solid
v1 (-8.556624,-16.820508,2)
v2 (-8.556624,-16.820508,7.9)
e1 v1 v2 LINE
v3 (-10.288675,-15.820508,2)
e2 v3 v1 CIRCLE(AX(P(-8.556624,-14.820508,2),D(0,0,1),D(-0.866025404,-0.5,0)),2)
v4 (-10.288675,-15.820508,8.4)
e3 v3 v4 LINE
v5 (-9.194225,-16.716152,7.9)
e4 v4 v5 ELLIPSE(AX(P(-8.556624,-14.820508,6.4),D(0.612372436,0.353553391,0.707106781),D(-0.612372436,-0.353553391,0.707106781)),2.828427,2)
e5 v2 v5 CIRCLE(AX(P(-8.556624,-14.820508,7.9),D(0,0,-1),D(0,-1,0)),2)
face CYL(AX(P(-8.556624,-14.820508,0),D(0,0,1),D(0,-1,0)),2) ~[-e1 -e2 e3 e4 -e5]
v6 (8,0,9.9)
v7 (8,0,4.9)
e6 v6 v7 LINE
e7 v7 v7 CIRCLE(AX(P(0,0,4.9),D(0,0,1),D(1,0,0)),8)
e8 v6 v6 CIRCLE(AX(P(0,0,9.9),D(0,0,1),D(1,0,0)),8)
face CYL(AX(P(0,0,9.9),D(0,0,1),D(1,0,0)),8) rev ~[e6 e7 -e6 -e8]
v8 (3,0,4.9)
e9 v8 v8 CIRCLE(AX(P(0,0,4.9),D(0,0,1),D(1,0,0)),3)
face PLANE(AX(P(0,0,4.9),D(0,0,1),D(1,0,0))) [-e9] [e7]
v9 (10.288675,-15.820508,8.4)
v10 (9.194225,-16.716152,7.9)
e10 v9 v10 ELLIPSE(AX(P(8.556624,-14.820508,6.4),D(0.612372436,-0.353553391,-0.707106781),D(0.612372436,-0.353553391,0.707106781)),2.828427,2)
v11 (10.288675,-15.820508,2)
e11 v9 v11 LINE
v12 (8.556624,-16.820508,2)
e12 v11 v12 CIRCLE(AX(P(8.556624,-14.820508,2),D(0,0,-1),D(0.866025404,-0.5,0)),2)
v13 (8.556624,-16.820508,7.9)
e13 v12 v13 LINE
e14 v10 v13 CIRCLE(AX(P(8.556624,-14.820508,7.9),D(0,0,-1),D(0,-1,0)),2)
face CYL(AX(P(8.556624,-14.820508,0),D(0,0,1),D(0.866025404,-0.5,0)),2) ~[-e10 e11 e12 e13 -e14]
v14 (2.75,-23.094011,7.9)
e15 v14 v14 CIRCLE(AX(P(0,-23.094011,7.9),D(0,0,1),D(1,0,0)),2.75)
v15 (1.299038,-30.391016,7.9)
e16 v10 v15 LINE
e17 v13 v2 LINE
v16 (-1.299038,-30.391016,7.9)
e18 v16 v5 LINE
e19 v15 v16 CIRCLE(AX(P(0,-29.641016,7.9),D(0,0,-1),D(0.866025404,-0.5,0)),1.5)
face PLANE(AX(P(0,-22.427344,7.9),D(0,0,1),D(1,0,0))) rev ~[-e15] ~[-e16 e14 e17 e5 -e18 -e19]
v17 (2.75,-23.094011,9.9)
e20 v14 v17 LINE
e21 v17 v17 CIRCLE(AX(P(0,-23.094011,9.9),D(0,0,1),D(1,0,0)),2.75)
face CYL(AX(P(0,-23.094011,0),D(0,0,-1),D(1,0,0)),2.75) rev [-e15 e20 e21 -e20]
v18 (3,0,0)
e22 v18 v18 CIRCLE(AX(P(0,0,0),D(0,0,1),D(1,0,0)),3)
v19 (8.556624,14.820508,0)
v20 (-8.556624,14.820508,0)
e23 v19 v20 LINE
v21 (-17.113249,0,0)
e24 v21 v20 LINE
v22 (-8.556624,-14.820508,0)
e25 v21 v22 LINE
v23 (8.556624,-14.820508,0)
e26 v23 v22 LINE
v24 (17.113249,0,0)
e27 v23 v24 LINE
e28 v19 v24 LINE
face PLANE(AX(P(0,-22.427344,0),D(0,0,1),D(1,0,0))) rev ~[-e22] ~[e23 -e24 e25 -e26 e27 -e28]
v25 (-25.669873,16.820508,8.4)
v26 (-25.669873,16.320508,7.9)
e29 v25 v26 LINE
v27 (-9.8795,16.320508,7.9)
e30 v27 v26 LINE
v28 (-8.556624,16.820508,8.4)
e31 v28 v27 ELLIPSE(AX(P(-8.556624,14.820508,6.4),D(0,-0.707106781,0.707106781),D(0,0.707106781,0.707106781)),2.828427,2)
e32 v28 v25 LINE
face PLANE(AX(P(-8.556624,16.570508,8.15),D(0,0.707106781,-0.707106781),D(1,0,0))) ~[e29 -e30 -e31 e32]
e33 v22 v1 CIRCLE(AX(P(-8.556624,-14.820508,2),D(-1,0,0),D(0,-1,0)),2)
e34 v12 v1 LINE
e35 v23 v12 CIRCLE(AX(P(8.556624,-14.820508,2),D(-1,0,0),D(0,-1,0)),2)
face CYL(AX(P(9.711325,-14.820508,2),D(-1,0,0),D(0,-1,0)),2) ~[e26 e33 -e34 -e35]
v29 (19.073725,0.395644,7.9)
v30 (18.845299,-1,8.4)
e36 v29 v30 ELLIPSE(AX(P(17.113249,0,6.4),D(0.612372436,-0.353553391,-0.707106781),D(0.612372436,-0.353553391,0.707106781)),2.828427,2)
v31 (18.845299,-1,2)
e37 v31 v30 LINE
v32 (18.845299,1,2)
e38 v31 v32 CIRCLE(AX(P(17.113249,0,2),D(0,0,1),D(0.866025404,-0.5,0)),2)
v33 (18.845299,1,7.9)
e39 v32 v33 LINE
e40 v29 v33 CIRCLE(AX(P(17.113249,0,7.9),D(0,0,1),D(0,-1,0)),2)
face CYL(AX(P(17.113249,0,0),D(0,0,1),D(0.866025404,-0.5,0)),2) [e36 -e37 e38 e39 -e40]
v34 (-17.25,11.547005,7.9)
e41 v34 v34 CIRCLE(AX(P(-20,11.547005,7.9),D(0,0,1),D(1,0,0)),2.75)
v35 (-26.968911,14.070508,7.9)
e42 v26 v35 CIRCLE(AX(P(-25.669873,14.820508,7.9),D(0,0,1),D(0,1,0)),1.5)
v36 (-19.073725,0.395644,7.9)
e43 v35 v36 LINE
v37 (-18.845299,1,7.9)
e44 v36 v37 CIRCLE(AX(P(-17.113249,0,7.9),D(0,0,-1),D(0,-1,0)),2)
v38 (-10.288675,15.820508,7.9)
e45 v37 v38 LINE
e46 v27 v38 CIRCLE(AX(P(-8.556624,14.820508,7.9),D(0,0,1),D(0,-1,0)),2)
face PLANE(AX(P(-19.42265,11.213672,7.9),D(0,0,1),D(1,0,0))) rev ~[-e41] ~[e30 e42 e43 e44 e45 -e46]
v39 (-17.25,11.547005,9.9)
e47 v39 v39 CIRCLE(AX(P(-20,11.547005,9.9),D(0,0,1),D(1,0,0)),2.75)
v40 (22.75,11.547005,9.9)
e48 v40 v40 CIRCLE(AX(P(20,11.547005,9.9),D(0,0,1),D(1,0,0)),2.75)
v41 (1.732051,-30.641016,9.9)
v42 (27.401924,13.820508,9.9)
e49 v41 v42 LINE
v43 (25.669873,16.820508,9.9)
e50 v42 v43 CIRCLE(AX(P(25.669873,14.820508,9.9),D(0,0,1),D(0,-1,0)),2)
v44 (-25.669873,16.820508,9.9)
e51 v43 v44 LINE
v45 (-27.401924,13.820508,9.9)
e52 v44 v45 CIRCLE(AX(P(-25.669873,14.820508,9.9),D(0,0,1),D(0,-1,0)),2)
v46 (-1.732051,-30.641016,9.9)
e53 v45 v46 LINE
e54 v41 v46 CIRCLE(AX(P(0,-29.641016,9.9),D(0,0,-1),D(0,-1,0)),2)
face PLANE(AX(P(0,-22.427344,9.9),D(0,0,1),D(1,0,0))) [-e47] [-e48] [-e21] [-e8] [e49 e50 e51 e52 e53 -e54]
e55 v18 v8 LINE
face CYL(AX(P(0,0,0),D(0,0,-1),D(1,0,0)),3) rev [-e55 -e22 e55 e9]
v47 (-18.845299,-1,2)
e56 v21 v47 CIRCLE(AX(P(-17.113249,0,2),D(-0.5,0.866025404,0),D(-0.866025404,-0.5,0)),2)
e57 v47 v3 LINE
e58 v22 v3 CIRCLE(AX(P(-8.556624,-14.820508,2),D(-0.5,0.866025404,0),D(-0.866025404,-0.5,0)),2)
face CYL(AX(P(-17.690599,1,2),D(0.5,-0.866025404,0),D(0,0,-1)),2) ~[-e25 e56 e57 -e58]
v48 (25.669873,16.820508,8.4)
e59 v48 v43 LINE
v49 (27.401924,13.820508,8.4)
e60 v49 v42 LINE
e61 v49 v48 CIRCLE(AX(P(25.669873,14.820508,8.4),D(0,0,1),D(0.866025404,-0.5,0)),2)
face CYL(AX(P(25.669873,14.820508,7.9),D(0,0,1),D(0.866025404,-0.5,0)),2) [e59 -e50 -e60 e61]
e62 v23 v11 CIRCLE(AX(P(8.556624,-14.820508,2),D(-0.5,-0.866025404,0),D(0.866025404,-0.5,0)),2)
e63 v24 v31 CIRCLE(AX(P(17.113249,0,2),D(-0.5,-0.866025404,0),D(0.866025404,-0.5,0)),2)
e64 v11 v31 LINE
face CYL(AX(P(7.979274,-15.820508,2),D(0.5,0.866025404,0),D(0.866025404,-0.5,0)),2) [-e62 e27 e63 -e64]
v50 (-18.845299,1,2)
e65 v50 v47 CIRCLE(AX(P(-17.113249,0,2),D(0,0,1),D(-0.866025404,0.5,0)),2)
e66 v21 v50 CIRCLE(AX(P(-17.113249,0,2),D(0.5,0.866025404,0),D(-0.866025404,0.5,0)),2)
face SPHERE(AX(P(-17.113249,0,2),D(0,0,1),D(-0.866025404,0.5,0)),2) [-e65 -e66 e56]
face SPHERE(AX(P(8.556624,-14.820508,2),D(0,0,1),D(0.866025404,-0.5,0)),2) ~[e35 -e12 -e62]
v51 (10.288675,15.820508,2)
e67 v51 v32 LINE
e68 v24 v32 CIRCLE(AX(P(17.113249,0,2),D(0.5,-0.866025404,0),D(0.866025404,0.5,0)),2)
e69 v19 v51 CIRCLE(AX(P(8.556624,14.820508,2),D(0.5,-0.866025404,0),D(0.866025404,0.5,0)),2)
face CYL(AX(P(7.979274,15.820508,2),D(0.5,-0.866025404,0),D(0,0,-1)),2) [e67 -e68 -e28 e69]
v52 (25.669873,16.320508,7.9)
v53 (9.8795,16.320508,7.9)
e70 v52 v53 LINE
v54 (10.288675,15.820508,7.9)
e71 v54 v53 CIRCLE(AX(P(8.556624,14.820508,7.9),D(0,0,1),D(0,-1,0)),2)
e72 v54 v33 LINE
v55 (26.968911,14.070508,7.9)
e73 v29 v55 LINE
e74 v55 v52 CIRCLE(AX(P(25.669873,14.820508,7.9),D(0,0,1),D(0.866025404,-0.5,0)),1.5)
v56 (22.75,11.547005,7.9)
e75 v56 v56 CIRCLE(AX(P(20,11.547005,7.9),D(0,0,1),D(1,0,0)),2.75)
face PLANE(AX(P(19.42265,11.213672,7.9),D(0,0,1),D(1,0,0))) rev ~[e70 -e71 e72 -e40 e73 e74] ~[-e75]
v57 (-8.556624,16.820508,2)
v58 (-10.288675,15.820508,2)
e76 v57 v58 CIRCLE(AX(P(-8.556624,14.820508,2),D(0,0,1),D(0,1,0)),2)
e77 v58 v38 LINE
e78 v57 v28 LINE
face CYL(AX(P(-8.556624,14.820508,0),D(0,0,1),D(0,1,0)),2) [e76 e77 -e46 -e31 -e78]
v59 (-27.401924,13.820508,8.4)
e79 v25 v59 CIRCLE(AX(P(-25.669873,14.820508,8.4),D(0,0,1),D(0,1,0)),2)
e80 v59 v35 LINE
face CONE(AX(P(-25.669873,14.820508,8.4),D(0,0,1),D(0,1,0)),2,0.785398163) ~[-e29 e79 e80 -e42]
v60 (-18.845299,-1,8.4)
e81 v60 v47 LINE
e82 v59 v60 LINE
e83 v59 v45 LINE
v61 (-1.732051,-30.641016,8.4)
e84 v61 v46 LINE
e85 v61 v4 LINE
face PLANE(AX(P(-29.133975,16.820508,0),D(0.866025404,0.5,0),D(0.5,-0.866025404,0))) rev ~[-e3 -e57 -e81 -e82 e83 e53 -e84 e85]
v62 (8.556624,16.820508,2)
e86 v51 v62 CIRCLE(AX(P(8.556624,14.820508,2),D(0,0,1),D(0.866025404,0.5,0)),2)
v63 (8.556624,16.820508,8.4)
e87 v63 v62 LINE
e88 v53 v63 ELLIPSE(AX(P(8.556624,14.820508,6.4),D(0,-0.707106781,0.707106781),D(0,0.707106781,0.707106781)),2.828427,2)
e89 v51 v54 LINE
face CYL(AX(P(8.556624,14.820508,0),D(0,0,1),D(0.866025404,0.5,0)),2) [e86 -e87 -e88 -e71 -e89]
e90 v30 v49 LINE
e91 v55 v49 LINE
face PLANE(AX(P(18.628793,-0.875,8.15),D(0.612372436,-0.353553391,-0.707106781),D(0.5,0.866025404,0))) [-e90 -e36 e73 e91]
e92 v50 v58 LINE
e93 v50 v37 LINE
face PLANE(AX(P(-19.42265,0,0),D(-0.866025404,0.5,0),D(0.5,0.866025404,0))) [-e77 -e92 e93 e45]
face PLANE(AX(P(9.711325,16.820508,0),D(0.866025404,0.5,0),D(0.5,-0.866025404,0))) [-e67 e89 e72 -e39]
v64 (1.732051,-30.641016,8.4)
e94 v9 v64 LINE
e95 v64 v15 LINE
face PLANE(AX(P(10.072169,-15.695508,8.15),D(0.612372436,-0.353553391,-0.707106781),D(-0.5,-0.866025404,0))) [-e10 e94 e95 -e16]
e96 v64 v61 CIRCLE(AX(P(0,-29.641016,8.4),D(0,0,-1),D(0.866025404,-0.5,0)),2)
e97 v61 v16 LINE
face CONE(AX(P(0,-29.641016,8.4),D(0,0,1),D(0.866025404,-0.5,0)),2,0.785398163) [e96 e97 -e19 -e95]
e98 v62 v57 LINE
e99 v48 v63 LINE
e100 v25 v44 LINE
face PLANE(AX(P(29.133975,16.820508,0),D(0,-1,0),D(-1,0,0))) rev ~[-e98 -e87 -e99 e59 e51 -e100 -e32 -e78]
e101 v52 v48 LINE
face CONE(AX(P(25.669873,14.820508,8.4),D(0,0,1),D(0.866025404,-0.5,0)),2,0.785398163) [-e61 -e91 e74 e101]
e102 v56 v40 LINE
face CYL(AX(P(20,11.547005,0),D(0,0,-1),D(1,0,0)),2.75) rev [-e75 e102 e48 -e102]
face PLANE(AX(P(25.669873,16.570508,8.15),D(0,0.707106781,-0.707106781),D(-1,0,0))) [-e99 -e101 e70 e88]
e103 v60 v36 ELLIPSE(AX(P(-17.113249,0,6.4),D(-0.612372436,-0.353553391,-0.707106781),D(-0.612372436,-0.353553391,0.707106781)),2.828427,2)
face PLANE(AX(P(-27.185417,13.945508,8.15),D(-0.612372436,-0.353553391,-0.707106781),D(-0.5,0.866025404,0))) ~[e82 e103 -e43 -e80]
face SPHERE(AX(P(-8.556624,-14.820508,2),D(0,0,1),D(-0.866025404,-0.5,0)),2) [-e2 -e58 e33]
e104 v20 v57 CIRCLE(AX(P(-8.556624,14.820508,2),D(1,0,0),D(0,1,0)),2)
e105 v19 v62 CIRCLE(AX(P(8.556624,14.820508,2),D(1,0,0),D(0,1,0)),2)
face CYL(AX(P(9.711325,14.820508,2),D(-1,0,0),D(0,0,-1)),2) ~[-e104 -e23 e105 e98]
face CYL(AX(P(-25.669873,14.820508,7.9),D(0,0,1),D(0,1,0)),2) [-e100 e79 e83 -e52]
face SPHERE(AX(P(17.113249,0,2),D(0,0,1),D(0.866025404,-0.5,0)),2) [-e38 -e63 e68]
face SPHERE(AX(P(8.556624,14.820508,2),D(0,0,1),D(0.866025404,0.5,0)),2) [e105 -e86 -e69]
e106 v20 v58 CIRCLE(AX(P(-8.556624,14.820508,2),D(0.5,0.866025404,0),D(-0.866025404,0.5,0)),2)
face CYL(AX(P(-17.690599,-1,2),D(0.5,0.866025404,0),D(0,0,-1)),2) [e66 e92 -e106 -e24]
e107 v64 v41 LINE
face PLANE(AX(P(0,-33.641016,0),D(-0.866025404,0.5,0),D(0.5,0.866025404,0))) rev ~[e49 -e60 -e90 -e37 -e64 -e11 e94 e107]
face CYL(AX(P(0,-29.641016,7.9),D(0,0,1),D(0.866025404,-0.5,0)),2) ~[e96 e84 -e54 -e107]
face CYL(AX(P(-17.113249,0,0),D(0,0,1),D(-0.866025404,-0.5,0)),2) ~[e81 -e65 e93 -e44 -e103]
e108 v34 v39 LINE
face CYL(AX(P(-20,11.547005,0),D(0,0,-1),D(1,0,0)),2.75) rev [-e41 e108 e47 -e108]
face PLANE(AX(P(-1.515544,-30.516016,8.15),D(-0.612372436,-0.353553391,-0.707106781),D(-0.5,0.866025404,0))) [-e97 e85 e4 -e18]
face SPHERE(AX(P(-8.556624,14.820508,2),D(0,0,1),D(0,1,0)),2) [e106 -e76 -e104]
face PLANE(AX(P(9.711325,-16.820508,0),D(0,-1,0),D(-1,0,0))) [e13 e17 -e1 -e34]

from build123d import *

# Parameters (mm, degrees)
F0_R     = 2.75
F0_R_2   = 3
F1_DEPTH = 9.9
F2_DEPTH = 7.9
F3_R     = 8
F3_R_2   = 3
F4_DEPTH = 5
F5_R     = 2
F6_SIZE  = 0.5


with BuildPart() as f1:
    # F0 (on Top) → F1 (new body)
    with BuildSketch(Plane.XY):
        Polygon((-9.7113248654, -16.8205080757), (0, -33.6410161514), (9.7113248654, -16.8205080757), align=None)
        with Locations((0, -23.0940107676)):
            Circle(F0_R, mode=Mode.SUBTRACT)
        Polygon((-19.4226497308, 0), (-9.7113248654, -16.8205080757), (9.7113248654, -16.8205080757), (19.4226497308, 0), (9.7113248654, 16.8205080757), (-9.7113248654, 16.8205080757), align=None)
        Circle(F0_R_2, mode=Mode.SUBTRACT)
        Polygon((-29.1339745962, 16.8205080757), (-19.4226497308, 0), (-9.7113248654, 16.8205080757), align=None)
        with Locations((-20, 11.5470053838)):
            Circle(F0_R, mode=Mode.SUBTRACT)
        Polygon((9.7113248654, 16.8205080757), (19.4226497308, 0), (29.1339745962, 16.8205080757), align=None)
        with Locations((20, 11.5470053838)):
            Circle(F0_R, mode=Mode.SUBTRACT)
    extrude(amount=F1_DEPTH)

    # F0 (on Top) → F2 (cut)
    with BuildSketch(Plane.XY):
        Polygon((9.7113248654, 16.8205080757), (19.4226497308, 0), (29.1339745962, 16.8205080757), align=None)
        with Locations((20, 11.5470053838)):
            Circle(F0_R, mode=Mode.SUBTRACT)
        Polygon((-9.7113248654, -16.8205080757), (0, -33.6410161514), (9.7113248654, -16.8205080757), align=None)
        with Locations((0, -23.0940107676)):
            Circle(F0_R, mode=Mode.SUBTRACT)
        Polygon((-29.1339745962, 16.8205080757), (-19.4226497308, 0), (-9.7113248654, 16.8205080757), align=None)
        with Locations((-20, 11.5470053838)):
            Circle(F0_R, mode=Mode.SUBTRACT)
    extrude(amount=F2_DEPTH, mode=Mode.SUBTRACT)

    # F3 (on face) → F4 (cut)
    with BuildSketch(Plane.XY.offset(9.9)):
        Circle(F3_R)
        Circle(F3_R_2, mode=Mode.SUBTRACT)
    extrude(amount=-F4_DEPTH, mode=Mode.SUBTRACT)

    # F5
    f5_edges = [f1.edges().sort_by_distance(p)[0] for p in [
        (-29.133975, 16.820508, 8.9),
        (-9.711325, 16.820508, 3.95),
        (-19.42265, 0, 3.95),
        (9.711325, 16.820508, 3.95),
        (14.566987, 8.410254, 0),
        (0, 16.820508, 0),
        (-14.566987, 8.410254, 0),
        (-14.566987, -8.410254, 0),
        (0, -16.820508, 0),
        (19.42265, 0, 3.95),
        (9.711325, -16.820508, 3.95),
        (0, -33.641016, 8.9),
        (29.133975, 16.820508, 8.9),
        (-9.711325, -16.820508, 3.95),
        (14.566987, -8.410254, 0),
    ]]
    fillet(f5_edges, radius=F5_R)

    # F6
    f6_edges = [f1.edges().sort_by_distance(p)[0] for p in [
        (0, -31.641016, 7.9),
        (-27.401924, 15.820508, 7.9),
        (27.401924, 15.820508, 7.9),
    ]]
    chamfer(f6_edges, length=F6_SIZE)


solid = f1.part
